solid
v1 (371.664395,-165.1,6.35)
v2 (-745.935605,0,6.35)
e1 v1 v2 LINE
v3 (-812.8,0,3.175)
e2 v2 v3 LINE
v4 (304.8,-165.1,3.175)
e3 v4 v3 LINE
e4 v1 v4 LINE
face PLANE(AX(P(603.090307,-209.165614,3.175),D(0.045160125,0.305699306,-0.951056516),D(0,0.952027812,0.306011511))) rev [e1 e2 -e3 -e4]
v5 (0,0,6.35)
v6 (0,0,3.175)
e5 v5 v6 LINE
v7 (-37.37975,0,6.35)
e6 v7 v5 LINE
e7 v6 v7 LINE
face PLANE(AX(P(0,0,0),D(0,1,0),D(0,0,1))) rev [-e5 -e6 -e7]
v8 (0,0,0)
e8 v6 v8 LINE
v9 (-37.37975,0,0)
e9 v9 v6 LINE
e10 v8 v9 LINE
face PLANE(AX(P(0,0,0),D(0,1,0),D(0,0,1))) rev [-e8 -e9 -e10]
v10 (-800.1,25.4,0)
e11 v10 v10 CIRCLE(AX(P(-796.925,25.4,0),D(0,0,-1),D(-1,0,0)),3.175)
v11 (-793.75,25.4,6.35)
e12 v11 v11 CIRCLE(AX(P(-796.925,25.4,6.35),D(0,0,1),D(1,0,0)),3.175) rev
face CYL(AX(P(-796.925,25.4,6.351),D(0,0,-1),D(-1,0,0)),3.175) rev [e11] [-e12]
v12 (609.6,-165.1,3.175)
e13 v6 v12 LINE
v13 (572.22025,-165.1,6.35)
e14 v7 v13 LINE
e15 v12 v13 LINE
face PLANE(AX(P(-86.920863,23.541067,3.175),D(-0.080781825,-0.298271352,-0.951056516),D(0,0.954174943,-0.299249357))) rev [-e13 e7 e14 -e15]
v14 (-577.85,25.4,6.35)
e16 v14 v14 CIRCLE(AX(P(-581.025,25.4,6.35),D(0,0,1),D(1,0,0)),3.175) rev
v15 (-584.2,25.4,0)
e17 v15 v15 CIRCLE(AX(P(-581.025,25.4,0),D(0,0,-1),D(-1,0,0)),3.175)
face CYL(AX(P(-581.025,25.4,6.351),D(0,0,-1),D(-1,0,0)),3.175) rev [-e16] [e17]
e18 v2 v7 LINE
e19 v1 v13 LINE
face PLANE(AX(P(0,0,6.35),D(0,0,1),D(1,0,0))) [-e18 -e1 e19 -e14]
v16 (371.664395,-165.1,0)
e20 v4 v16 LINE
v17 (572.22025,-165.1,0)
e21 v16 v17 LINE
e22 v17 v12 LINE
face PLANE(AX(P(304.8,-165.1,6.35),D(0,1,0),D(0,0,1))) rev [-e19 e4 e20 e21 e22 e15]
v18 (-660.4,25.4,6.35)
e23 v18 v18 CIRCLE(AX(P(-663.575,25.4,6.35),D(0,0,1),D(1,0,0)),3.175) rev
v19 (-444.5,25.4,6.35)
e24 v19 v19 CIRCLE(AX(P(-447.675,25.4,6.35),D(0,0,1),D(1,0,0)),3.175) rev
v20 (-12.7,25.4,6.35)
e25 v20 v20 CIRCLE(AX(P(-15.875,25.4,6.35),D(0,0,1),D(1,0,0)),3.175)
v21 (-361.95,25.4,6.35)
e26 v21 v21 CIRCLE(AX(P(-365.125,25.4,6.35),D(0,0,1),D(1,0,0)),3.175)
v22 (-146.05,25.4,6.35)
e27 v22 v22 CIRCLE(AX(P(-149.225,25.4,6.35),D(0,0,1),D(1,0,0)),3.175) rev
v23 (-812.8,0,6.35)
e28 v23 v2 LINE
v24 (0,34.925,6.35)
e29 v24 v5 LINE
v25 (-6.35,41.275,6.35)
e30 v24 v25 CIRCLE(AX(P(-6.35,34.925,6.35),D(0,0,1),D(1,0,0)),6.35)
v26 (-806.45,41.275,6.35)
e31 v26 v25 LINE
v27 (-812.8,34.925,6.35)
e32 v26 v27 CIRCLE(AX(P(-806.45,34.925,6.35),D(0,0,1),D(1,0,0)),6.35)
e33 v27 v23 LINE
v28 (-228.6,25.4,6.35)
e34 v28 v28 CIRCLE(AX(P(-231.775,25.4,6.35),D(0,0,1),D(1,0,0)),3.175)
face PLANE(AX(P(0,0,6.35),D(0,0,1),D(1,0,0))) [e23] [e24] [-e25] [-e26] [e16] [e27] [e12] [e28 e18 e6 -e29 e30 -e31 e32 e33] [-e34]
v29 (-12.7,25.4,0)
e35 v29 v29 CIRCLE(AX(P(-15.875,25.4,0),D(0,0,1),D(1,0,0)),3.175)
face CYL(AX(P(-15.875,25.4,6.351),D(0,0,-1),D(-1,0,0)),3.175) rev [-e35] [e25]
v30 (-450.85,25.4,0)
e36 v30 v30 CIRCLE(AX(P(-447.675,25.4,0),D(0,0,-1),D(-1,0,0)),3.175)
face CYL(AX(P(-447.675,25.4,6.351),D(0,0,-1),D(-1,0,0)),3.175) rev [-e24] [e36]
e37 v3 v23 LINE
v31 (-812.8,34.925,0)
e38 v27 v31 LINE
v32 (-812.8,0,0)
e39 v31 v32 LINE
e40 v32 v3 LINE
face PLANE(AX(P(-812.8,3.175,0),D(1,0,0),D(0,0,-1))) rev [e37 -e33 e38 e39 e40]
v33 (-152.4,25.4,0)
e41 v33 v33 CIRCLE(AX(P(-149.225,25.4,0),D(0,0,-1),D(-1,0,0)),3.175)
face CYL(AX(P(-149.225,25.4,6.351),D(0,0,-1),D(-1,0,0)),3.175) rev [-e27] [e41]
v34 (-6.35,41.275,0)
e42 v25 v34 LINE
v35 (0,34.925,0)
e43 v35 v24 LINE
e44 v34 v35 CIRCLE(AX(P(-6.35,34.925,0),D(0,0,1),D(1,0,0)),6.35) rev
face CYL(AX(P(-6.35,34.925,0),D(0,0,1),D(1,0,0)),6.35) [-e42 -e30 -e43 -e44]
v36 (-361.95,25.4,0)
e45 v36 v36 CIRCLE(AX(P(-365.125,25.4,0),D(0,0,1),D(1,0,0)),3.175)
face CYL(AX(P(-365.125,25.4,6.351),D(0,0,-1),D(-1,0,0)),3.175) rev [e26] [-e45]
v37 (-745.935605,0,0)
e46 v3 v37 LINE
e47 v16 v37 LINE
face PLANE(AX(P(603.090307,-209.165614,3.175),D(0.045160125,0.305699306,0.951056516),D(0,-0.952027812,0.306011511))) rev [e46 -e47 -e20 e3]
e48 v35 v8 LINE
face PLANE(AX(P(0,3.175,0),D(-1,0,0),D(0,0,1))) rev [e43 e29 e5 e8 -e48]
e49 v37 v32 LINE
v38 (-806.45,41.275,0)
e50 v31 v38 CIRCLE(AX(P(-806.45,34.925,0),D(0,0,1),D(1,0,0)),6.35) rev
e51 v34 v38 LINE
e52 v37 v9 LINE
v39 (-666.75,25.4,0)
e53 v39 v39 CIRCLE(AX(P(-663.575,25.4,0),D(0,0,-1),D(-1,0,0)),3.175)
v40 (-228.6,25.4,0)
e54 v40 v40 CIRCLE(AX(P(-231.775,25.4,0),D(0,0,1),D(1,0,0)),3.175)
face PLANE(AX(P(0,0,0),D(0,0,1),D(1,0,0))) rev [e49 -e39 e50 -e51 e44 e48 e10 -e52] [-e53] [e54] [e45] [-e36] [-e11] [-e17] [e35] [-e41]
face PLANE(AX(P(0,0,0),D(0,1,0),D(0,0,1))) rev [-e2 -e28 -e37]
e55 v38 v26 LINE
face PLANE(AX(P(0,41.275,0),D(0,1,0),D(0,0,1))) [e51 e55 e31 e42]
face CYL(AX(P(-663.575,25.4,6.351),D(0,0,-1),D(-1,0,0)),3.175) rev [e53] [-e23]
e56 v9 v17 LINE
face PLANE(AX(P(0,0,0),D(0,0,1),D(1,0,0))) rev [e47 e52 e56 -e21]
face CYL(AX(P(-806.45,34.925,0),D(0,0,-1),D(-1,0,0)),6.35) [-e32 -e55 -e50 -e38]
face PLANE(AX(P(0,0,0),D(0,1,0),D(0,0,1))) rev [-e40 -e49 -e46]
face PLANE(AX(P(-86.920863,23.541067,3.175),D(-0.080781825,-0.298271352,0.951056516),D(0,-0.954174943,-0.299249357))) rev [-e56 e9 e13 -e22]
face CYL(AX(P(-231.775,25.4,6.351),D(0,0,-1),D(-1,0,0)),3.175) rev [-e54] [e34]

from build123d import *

# Parameters (mm, degrees)
BOSS_EXTRUDE1_DEPTH = 6.35
CUT_EXTRUDE5_DEPTH  = 1432.25665609
CUT_EXTRUDE6_DEPTH  = 721.614
SKETCH19_W          = 812.8
SKETCH19_H          = 6.35
BOSS_EXTRUDE8_DEPTH = 3.175
SKETCH20_W          = 812.8
SKETCH20_H          = 6.35
BOSS_EXTRUDE9_DEPTH = 38.1
FILLET1_R           = 6.35
FILLET2_R           = 6.35
CUT_EXTRUDE7_REACH  = 8.35
SKETCH22_R          = 3.175


with BuildPart() as part:
    # Sketch1 → Boss-Extrude1 (new body)
    with BuildSketch(Plane.XY):
        Polygon((-812.8, 0), (0, 0), (609.6, -165.1), (304.8, -165.1), align=None)
    extrude(amount=BOSS_EXTRUDE1_DEPTH)

    # Sketch17 → Cut-Extrude5 (cut, through all)
    with BuildSketch(Plane(origin=(-795.440818906, 117.508302793, 0), x_dir=(0, 0, -1), z_dir=(-0.989263736, 0.146141234, 0))):
        Polygon((-3.175, 118.7835948), (-6.35, 109.011949569), (-6.35, 209.992544036), (0, 209.992544036), (0, 109.011949569), align=None)
    extrude(amount=-CUT_EXTRUDE5_DEPTH, mode=Mode.SUBTRACT)

    # Sketch18 → Cut-Extrude6 (cut)
    with BuildSketch(Plane(origin=(609.6, -165.1, 0), x_dir=(0, 0, -1), z_dir=(0.965226372, -0.261415476, 0))):
        Polygon((-3.175, 0), (-6.35, -9.771645231), (-6.35, 0.882856688), (0, 0.882856688), (0, -9.771645231), align=None)
    extrude(amount=-CUT_EXTRUDE6_DEPTH, mode=Mode.SUBTRACT)

    # Sketch19 → Boss-Extrude8 (add)
    with BuildSketch(Plane(origin=(0, 0, 0), x_dir=(1, 0, 0), z_dir=(0, 1, 0))):
        with Locations((-406.4, -3.175)):
            Rectangle(SKETCH19_W, SKETCH19_H)
    extrude(amount=BOSS_EXTRUDE8_DEPTH)

    # Sketch20 → Boss-Extrude9 (add)
    with BuildSketch(Plane(origin=(0, 3.175, 0), x_dir=(1, 0, 0), z_dir=(0, 1, 0))):
        with Locations((-406.4, -3.175)):
            Rectangle(SKETCH20_W, SKETCH20_H)
    extrude(amount=BOSS_EXTRUDE9_DEPTH)

    # Fillet1
    fillet1_edges = [part.edges().sort_by_distance(p)[0] for p in [
        (0, 41.275, 3.175),
    ]]
    fillet(fillet1_edges, radius=FILLET1_R)

    # Fillet2
    fillet2_edges = [part.edges().sort_by_distance(p)[0] for p in [
        (-812.8, 41.275, 3.175),
    ]]
    fillet(fillet2_edges, radius=FILLET2_R)

    # Sketch22 → Cut-Extrude7 (cut, up to next)
    with BuildSketch(Plane(origin=(0, 0, 0), x_dir=(-1, 0, 0), z_dir=(0, 0, -1)), mode=Mode.PRIVATE) as cut_extrude7_sk1:
        with Locations((149.225, 25.4)):
            Circle(SKETCH22_R)
    cut_extrude7_tool1 = extrude(cut_extrude7_sk1.sketch, amount=-CUT_EXTRUDE7_REACH, mode=Mode.PRIVATE) & part.part
    add(cut_extrude7_tool1.solids().sort_by_distance((-149.225, 25.4, 0))[0], mode=Mode.SUBTRACT)
    # Sketch22 → Cut-Extrude7 (cut, up to next)
    with BuildSketch(Plane(origin=(0, 0, 0), x_dir=(-1, 0, 0), z_dir=(0, 0, -1)), mode=Mode.PRIVATE) as cut_extrude7_sk2:
        with Locations((796.925, 25.4)):
            Circle(SKETCH22_R)
    cut_extrude7_tool2 = extrude(cut_extrude7_sk2.sketch, amount=-CUT_EXTRUDE7_REACH, mode=Mode.PRIVATE) & part.part
    add(cut_extrude7_tool2.solids().sort_by_distance((-796.925, 25.4, 0))[0], mode=Mode.SUBTRACT)
    # Sketch22 → Cut-Extrude7 (cut, up to next)
    with BuildSketch(Plane(origin=(0, 0, 0), x_dir=(-1, 0, 0), z_dir=(0, 0, -1)), mode=Mode.PRIVATE) as cut_extrude7_sk3:
        with Locations((663.575, 25.4)):
            Circle(SKETCH22_R)
    cut_extrude7_tool3 = extrude(cut_extrude7_sk3.sketch, amount=-CUT_EXTRUDE7_REACH, mode=Mode.PRIVATE) & part.part
    add(cut_extrude7_tool3.solids().sort_by_distance((-663.575, 25.4, 0))[0], mode=Mode.SUBTRACT)
    # Sketch22 → Cut-Extrude7 (cut, up to next)
    with BuildSketch(Plane(origin=(0, 0, 0), x_dir=(-1, 0, 0), z_dir=(0, 0, -1)), mode=Mode.PRIVATE) as cut_extrude7_sk4:
        with Locations((581.025, 25.4)):
            Circle(SKETCH22_R)
    cut_extrude7_tool4 = extrude(cut_extrude7_sk4.sketch, amount=-CUT_EXTRUDE7_REACH, mode=Mode.PRIVATE) & part.part
    add(cut_extrude7_tool4.solids().sort_by_distance((-581.025, 25.4, 0))[0], mode=Mode.SUBTRACT)
    # Sketch22 → Cut-Extrude7 (cut, up to next)
    with BuildSketch(Plane(origin=(0, 0, 0), x_dir=(-1, 0, 0), z_dir=(0, 0, -1)), mode=Mode.PRIVATE) as cut_extrude7_sk5:
        with Locations((447.675, 25.4)):
            Circle(SKETCH22_R)
    cut_extrude7_tool5 = extrude(cut_extrude7_sk5.sketch, amount=-CUT_EXTRUDE7_REACH, mode=Mode.PRIVATE) & part.part
    add(cut_extrude7_tool5.solids().sort_by_distance((-447.675, 25.4, 0))[0], mode=Mode.SUBTRACT)
    # Sketch22 → Cut-Extrude7 (cut, up to next)
    with BuildSketch(Plane(origin=(0, 0, 0), x_dir=(-1, 0, 0), z_dir=(0, 0, -1)), mode=Mode.PRIVATE) as cut_extrude7_sk6:
        with Locations((365.125, 25.4)):
            Circle(SKETCH22_R)
    cut_extrude7_tool6 = extrude(cut_extrude7_sk6.sketch, amount=-CUT_EXTRUDE7_REACH, mode=Mode.PRIVATE) & part.part
    add(cut_extrude7_tool6.solids().sort_by_distance((-365.125, 25.4, 0))[0], mode=Mode.SUBTRACT)
    # Sketch22 → Cut-Extrude7 (cut, up to next)
    with BuildSketch(Plane(origin=(0, 0, 0), x_dir=(-1, 0, 0), z_dir=(0, 0, -1)), mode=Mode.PRIVATE) as cut_extrude7_sk7:
        with Locations((231.775, 25.4)):
            Circle(SKETCH22_R)
    cut_extrude7_tool7 = extrude(cut_extrude7_sk7.sketch, amount=-CUT_EXTRUDE7_REACH, mode=Mode.PRIVATE) & part.part
    add(cut_extrude7_tool7.solids().sort_by_distance((-231.775, 25.4, 0))[0], mode=Mode.SUBTRACT)
    # Sketch22 → Cut-Extrude7 (cut, up to next)
    with BuildSketch(Plane(origin=(0, 0, 0), x_dir=(-1, 0, 0), z_dir=(0, 0, -1)), mode=Mode.PRIVATE) as cut_extrude7_sk8:
        with Locations((15.875, 25.4)):
            Circle(SKETCH22_R)
    cut_extrude7_tool8 = extrude(cut_extrude7_sk8.sketch, amount=-CUT_EXTRUDE7_REACH, mode=Mode.PRIVATE) & part.part
    add(cut_extrude7_tool8.solids().sort_by_distance((-15.875, 25.4, 0))[0], mode=Mode.SUBTRACT)


solid = part.part
